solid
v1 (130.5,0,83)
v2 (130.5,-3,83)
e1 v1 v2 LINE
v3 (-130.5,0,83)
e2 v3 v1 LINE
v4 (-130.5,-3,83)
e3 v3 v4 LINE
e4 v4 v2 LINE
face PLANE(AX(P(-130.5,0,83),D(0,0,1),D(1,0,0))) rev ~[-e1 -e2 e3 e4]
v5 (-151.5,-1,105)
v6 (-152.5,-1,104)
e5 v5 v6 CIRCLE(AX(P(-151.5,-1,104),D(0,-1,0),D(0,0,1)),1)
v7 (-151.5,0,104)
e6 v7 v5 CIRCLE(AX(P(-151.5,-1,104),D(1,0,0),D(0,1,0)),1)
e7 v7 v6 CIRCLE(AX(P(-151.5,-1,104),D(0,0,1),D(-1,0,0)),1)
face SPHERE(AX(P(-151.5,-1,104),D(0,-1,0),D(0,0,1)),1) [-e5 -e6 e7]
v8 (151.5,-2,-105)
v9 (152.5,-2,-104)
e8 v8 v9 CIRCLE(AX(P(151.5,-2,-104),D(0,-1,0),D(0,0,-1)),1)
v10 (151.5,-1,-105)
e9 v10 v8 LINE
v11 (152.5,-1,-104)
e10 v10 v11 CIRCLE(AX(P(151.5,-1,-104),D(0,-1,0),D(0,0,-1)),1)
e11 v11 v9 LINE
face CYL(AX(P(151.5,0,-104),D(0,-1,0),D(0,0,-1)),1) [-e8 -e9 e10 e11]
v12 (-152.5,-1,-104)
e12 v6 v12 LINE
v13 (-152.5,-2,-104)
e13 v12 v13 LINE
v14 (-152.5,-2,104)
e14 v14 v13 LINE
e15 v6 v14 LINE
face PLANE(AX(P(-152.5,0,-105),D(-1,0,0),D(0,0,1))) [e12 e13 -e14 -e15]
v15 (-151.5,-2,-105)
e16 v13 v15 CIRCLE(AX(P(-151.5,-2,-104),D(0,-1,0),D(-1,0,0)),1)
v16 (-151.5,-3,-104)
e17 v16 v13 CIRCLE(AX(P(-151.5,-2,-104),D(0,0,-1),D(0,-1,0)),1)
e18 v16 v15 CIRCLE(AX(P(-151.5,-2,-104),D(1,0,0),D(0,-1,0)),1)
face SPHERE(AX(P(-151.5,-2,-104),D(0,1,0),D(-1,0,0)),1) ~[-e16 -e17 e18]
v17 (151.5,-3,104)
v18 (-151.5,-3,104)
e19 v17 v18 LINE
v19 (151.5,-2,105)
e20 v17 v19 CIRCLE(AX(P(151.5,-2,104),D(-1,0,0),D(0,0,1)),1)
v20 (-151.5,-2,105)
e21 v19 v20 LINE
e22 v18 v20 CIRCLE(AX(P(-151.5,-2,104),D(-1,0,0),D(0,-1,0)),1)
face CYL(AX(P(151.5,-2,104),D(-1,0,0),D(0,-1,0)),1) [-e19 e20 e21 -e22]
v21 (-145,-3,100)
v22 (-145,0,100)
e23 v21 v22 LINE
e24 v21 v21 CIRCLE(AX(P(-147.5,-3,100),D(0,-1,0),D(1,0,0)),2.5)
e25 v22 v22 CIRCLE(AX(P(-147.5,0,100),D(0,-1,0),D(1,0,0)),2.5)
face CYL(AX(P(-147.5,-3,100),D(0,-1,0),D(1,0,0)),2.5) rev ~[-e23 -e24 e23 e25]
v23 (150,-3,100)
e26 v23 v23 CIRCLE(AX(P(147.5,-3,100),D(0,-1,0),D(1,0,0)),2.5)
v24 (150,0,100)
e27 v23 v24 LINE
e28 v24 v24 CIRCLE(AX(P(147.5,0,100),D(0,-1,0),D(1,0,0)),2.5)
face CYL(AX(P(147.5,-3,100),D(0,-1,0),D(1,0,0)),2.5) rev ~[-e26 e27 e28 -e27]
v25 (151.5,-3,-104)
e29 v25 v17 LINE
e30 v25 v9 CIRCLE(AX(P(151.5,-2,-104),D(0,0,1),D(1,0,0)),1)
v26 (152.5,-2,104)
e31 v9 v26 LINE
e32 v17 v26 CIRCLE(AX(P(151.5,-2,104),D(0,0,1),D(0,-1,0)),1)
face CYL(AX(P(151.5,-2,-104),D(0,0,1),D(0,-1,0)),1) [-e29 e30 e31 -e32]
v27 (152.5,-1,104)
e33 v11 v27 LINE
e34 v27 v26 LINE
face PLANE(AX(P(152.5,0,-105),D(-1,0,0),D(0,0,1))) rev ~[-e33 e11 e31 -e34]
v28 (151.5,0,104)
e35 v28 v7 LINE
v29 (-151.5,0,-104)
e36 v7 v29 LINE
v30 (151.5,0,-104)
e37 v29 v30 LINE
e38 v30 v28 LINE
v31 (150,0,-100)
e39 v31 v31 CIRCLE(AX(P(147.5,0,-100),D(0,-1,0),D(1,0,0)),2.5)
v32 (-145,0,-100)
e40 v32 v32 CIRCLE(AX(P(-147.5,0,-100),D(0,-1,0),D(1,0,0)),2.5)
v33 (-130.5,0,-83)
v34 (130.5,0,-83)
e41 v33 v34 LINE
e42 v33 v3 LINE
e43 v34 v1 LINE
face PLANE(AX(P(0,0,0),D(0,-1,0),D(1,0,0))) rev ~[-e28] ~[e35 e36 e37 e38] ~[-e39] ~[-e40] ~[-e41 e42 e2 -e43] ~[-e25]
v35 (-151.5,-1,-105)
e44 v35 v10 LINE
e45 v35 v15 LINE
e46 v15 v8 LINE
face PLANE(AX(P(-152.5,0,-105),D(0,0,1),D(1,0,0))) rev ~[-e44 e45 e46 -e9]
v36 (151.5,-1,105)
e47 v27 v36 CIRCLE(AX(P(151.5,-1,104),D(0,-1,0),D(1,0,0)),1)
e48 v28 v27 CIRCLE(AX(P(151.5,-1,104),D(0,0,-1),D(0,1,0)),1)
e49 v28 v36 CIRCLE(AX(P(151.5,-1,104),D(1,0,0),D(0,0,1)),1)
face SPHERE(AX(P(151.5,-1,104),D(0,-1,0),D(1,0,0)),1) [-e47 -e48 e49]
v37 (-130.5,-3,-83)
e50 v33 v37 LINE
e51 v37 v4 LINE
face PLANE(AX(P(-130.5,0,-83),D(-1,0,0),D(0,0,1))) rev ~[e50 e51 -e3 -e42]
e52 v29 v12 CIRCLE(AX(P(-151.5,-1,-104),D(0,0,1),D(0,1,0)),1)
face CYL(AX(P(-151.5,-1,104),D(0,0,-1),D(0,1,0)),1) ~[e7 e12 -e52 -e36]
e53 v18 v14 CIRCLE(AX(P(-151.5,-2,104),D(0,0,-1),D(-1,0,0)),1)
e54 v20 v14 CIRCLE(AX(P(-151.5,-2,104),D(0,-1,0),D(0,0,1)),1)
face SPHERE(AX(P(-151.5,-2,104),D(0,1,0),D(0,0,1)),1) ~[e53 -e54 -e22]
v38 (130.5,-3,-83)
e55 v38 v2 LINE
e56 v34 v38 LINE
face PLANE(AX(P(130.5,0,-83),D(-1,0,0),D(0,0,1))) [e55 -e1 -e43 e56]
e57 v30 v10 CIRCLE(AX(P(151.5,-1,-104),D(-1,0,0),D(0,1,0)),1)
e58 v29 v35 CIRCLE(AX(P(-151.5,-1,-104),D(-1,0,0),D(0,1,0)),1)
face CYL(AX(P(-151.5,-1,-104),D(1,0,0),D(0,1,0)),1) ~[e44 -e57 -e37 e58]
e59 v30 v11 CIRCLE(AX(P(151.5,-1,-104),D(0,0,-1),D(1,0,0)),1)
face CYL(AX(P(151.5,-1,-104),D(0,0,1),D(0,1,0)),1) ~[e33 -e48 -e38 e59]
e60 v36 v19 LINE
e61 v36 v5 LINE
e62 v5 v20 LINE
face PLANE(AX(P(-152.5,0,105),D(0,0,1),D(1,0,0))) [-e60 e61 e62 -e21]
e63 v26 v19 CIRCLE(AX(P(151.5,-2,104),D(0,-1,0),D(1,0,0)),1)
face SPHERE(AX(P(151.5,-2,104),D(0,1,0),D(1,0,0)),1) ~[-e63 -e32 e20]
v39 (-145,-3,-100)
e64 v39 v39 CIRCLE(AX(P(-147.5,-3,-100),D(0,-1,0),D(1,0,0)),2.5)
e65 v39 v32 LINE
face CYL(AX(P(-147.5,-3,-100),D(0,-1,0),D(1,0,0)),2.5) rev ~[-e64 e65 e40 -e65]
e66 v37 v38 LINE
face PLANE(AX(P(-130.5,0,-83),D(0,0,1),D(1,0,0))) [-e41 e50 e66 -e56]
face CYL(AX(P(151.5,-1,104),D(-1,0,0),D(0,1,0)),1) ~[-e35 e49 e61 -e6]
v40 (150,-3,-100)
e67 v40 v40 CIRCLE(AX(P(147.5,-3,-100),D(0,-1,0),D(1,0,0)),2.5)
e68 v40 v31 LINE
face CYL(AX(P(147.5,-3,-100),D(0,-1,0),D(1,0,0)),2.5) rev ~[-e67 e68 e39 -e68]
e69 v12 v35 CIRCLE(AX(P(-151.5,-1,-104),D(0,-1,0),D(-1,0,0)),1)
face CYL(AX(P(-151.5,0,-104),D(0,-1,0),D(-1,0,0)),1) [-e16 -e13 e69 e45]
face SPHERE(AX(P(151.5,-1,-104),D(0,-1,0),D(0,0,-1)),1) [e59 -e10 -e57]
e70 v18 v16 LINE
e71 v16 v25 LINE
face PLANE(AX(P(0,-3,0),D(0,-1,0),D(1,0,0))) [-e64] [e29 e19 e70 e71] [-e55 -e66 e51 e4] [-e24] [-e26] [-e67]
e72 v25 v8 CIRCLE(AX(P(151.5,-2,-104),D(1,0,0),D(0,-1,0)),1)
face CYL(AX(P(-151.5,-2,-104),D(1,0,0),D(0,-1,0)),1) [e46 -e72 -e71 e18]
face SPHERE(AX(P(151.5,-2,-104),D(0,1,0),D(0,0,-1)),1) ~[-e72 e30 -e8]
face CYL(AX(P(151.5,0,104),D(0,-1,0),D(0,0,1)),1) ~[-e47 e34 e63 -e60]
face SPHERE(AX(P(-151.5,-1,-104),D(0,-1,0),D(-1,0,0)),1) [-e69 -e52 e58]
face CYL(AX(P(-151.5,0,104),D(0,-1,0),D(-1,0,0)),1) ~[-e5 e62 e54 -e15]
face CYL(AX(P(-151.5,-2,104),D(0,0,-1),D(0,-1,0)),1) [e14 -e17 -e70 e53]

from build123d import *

# Parameters (mm, degrees)
F0_W     = 305
F0_H     = 210
F0_W_2   = 261
F0_H_2   = 166
F1_DEPTH = 3
F2_R     = 1
F3_R     = 1
F4_R     = 2.5
F5_DEPTH = 3


with BuildPart() as f1:
    # F0 (on Front) → F1 (new body)
    with BuildSketch(Plane.XZ):
        Rectangle(F0_W, F0_H)
        Rectangle(F0_W_2, F0_H_2, mode=Mode.SUBTRACT)
    extrude(amount=F1_DEPTH)

    # F2
    f2_edges = [f1.edges().sort_by_distance(p)[0] for p in [
        (-152.5, -1.5, 105),
        (-152.5, -1.5, -105),
        (152.5, -1.5, -105),
        (152.5, -1.5, 105),
    ]]
    fillet(f2_edges, radius=F2_R)

    # F3
    f3_edges = [f1.edges().sort_by_distance(p)[0] for p in [
        (0, -3, -105),
        (0, 0, -105),
    ]]
    fillet(f3_edges, radius=F3_R)

    # F4 (on face) → F5 (cut, through all)
    with BuildSketch(Plane.XZ.offset(3)):
        with Locations((-147.5, 100)):
            Circle(F4_R)
        with Locations((147.5, 100)):
            Circle(F4_R)
        with Locations((147.5, -100)):
            Circle(F4_R)
        with Locations((-147.5, -100)):
            Circle(F4_R)
    extrude(amount=-F5_DEPTH, mode=Mode.SUBTRACT)


solid = f1.part
